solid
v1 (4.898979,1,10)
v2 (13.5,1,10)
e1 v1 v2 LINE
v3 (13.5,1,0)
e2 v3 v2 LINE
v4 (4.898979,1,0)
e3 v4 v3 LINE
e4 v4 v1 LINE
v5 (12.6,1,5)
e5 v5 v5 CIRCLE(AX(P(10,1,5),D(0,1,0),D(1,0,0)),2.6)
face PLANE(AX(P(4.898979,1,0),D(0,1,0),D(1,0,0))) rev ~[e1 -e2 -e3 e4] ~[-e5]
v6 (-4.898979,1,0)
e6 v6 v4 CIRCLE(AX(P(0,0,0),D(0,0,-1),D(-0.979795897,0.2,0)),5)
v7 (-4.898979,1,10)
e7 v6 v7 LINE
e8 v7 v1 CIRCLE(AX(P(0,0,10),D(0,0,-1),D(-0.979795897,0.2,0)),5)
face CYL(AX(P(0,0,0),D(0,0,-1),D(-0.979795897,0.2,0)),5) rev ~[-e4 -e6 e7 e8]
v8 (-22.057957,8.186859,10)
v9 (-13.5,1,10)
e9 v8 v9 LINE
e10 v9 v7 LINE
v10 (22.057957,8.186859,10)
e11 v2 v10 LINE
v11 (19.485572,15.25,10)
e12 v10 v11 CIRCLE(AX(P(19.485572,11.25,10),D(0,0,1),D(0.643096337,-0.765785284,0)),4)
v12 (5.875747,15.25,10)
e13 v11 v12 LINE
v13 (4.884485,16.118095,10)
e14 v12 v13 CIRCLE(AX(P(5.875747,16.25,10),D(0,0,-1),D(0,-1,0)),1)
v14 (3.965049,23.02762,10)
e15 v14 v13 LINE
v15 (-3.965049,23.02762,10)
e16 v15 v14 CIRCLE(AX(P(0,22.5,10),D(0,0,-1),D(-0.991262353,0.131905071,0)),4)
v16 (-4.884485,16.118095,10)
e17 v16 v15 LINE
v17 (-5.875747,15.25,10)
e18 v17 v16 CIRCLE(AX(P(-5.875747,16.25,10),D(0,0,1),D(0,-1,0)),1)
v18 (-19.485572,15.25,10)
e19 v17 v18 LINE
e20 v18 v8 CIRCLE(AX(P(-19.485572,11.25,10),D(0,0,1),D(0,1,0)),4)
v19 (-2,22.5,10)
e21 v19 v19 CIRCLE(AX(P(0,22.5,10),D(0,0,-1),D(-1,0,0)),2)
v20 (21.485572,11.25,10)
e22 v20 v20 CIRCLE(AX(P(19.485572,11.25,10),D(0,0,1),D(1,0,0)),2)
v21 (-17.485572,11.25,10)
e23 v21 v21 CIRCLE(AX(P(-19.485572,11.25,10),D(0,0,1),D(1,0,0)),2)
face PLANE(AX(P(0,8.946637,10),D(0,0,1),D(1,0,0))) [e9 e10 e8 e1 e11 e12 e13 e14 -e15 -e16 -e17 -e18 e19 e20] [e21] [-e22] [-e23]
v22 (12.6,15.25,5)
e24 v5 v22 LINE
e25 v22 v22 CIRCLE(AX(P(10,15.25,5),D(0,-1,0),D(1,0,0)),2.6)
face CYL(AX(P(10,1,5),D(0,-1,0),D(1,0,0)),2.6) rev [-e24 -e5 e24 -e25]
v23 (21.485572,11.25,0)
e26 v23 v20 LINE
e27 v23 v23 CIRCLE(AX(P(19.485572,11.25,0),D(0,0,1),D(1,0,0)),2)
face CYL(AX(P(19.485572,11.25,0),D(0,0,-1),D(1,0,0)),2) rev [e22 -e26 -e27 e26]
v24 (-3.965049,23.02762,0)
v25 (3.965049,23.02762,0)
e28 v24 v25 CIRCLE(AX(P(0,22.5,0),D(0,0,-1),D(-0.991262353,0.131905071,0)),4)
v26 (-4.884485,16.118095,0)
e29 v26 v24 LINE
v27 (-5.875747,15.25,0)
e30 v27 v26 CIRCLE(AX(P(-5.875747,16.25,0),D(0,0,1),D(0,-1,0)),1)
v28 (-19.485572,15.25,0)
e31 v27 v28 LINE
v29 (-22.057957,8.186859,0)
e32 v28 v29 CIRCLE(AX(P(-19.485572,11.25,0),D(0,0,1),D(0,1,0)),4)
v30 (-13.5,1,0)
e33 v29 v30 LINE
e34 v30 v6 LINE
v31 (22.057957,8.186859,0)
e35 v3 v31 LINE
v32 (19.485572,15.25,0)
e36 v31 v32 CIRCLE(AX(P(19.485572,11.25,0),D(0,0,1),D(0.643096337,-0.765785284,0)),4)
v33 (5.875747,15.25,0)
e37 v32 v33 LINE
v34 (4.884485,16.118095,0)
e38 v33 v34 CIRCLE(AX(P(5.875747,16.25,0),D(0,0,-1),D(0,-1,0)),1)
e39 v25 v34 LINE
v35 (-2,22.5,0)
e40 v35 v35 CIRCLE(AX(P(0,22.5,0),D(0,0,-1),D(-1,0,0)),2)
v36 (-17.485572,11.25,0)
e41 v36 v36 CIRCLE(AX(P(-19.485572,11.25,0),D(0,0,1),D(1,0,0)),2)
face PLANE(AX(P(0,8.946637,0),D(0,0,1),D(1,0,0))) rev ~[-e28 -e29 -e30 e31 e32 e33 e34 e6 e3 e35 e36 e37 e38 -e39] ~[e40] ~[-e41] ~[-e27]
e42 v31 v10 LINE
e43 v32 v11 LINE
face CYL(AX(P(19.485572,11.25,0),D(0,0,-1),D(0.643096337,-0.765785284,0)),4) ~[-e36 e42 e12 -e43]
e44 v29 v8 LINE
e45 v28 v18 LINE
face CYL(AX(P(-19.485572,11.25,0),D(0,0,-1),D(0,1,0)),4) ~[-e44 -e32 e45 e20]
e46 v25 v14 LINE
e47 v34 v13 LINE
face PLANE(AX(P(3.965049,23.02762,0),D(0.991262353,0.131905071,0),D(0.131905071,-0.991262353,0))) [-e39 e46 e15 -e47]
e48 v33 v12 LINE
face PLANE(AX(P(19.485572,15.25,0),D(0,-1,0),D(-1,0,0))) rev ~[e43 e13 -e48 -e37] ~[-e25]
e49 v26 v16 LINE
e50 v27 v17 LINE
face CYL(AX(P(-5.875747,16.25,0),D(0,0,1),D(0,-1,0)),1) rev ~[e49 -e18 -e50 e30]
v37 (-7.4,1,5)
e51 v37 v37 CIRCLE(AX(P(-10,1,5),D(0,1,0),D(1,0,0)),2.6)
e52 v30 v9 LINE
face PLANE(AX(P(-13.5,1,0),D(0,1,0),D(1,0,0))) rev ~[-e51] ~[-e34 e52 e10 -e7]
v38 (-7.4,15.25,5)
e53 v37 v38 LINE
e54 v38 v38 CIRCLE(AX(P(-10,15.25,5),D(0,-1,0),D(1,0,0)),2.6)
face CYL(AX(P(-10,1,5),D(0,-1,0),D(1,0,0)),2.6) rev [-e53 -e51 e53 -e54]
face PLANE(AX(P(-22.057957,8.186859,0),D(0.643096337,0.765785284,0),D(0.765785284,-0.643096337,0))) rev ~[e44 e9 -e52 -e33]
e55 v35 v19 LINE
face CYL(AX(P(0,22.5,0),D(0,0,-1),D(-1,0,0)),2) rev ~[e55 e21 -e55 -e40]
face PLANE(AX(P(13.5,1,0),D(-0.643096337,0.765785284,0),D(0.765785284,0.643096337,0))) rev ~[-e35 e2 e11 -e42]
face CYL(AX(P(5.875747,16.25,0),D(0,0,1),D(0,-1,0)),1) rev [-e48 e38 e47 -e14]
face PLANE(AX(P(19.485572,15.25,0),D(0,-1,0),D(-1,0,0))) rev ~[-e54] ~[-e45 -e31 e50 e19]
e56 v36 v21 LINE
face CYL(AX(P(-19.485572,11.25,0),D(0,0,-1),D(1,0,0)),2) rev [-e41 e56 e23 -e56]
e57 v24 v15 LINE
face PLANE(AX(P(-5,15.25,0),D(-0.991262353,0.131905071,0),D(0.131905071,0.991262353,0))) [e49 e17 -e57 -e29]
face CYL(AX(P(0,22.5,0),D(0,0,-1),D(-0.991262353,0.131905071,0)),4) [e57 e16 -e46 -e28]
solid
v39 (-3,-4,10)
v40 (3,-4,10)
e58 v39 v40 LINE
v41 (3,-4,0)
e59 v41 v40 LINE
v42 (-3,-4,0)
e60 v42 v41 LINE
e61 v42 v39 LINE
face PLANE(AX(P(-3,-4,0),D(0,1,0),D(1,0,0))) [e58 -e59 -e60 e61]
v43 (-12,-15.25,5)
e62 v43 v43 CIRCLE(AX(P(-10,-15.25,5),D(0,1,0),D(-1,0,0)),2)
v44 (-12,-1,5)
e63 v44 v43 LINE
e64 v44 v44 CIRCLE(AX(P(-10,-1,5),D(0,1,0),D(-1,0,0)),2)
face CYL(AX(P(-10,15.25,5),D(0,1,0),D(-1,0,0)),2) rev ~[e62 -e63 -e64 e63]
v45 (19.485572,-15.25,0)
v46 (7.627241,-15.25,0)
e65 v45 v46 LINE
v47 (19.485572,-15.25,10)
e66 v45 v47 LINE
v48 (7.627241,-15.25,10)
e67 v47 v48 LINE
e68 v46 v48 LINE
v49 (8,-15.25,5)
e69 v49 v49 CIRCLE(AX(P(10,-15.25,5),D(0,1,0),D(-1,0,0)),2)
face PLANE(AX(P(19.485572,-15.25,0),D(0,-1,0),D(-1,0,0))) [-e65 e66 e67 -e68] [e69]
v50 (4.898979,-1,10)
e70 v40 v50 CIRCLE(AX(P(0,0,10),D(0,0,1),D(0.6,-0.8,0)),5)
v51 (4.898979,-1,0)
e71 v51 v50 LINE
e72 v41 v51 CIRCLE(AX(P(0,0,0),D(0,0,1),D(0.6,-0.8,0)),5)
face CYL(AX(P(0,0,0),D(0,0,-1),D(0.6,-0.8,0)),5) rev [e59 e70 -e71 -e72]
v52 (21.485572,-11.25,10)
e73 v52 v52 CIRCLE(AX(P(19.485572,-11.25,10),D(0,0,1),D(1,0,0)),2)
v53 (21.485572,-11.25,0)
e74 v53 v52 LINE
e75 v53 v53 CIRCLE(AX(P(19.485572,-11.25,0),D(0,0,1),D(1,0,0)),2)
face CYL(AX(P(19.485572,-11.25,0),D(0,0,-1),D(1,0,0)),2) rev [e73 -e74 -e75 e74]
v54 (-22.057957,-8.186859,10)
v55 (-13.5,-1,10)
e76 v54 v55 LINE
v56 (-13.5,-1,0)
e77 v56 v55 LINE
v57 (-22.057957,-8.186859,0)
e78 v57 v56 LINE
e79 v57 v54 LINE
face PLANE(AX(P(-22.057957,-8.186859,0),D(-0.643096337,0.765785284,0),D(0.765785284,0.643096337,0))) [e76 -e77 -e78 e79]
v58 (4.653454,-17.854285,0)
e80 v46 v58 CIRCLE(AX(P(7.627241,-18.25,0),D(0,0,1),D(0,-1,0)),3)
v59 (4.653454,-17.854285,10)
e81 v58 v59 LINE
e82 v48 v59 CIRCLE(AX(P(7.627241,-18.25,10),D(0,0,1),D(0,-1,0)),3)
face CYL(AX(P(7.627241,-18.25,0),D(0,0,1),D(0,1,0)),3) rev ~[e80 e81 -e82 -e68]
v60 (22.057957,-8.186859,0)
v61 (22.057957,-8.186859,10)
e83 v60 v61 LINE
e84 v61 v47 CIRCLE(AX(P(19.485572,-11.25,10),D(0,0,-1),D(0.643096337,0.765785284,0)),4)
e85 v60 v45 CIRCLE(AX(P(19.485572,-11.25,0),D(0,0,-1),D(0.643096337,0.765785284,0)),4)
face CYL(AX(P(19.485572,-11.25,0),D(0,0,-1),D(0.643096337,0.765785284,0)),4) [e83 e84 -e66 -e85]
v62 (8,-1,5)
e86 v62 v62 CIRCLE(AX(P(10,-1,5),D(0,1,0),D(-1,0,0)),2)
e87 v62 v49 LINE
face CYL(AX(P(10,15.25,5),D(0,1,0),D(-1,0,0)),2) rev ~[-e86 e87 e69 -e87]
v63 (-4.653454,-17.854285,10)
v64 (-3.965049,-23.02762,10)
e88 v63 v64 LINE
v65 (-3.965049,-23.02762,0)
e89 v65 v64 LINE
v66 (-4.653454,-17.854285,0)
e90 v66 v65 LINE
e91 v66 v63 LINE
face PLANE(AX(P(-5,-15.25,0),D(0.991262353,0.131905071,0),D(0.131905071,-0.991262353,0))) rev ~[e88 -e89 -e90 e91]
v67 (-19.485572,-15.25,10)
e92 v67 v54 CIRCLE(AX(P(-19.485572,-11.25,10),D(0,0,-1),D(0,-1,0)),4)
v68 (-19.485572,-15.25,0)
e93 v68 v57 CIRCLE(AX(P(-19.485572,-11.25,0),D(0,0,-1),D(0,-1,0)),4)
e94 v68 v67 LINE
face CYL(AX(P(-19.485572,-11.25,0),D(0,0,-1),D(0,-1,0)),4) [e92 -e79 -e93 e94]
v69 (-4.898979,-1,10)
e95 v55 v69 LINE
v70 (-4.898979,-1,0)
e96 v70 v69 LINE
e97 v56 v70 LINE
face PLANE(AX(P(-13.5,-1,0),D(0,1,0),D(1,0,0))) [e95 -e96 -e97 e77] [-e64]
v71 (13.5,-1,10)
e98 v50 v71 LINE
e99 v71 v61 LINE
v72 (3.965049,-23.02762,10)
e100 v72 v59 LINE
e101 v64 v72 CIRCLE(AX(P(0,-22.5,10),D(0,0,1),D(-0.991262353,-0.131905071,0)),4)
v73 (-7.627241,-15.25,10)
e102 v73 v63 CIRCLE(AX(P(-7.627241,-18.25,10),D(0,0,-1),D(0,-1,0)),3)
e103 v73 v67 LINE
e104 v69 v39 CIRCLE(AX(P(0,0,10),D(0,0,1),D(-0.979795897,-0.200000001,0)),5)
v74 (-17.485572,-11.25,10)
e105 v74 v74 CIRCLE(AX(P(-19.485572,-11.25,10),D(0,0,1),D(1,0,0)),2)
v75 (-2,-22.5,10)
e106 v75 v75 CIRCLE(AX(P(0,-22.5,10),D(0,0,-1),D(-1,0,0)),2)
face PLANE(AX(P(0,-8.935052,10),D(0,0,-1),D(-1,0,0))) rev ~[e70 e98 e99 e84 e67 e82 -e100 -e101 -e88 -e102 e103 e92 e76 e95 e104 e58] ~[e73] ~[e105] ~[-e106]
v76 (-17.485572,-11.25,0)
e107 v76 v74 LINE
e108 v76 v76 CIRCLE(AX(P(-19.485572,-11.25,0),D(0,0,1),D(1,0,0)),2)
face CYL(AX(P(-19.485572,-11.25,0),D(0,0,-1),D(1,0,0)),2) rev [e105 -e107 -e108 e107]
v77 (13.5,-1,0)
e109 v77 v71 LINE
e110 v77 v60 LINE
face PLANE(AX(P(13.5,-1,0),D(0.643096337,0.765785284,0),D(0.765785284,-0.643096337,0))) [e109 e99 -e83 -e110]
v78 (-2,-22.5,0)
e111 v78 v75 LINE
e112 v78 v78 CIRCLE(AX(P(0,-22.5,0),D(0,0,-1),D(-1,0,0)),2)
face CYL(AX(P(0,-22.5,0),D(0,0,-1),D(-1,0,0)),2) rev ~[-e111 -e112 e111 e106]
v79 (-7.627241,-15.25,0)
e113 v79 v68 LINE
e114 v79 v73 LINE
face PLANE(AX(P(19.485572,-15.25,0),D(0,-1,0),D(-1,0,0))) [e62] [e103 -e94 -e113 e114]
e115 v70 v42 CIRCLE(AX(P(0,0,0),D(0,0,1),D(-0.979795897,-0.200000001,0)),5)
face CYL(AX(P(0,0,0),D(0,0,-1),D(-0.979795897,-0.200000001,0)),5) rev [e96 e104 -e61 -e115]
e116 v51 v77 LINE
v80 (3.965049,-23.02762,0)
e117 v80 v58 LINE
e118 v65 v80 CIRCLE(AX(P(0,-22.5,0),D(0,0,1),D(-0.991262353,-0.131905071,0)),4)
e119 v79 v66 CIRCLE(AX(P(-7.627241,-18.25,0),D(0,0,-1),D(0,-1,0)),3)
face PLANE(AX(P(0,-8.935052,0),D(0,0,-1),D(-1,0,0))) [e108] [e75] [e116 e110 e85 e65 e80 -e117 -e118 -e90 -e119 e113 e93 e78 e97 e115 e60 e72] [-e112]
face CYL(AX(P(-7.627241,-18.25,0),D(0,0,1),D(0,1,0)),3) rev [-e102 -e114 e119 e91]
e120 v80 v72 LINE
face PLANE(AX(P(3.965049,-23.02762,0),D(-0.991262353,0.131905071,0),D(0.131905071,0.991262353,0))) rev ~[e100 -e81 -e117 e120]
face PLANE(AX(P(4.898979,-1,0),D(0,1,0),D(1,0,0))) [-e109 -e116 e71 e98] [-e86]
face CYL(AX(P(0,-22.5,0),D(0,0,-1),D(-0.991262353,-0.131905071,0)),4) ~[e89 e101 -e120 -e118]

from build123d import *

# Parameters (mm, degrees)
SKETCH_1_R               = 2
EXTRUDE_1_DEPTH          = 10
EXTRUDE_1_2_DEPTH        = 10
CUT_EXTRUDE_2_DEPTH      = 40.772126831
CUT_EXTRUDE_2_DEPTH_BACK = 14.25
SKETCH_3_R               = 2.6
SKETCH_4_R               = 2
CUT_EXTRUDE_3_DEPTH      = 40.772126831
SKETCH_5_R               = 2
EXTRUDE_2_DEPTH          = 10
FILLET_1_R               = 3
FILLET_2_R               = 1


with BuildPart() as part:
    # 草图1 → 凸台-拉伸1 (new body)
    with BuildSketch(Plane.XY):
        with BuildLine():
            Line((-3, -4), (3, -4))
            ThreePointArc((3, -4), (4.224744871, -2.674234614), (4.898979486, -1))
            Line((4.898979486, -1), (13.5, -1))
            Line((13.5, -1), (22.057956933, -8.186858864))
            ThreePointArc((22.057956933, -8.186858864), (23.244066267, -12.618838094), (19.485571585, -15.25))
            Line((19.485571585, -15.25), (-19.485571585, -15.25))
            ThreePointArc((-19.485571585, -15.25), (-23.244066267, -12.618838094), (-22.057956933, -8.186858864))
            Line((-22.057956933, -8.186858864), (-13.5, -1))
            Line((-13.5, -1), (-4.898979486, -1))
            ThreePointArc((-4.898979486, -1), (-4.224744871, -2.674234614), (-3, -4))
        make_face()
        with Locations((19.485571585, -11.25)):
            Circle(SKETCH_1_R, mode=Mode.SUBTRACT)
        with Locations((-19.485571585, -11.25)):
            Circle(SKETCH_1_R, mode=Mode.SUBTRACT)
    extrude(amount=EXTRUDE_1_DEPTH)

    # 草图4 → 切除-拉伸3 (cut, through all)
    with BuildSketch(Plane(origin=(0, 15.25, 0), x_dir=(1, 0, 0), z_dir=(0, 1, 0))):
        with Locations(Location((10, -5, 0), (0, 0, 180))):
            Circle(SKETCH_4_R)
        with Locations(Location((-10, -5, 0), (0, 0, 180))):
            Circle(SKETCH_4_R)
    extrude(amount=-CUT_EXTRUDE_3_DEPTH, mode=Mode.SUBTRACT)



with BuildPart() as body_2:
    # 草图1 → Extrude 1 2 (new body)
    with BuildSketch(Plane.XY):
        with BuildLine():
            Line((-13.5, 1), (-4.898979486, 1))
            ThreePointArc((-4.898979486, 1), (0, 5), (4.898979486, 1))
            Line((4.898979486, 1), (13.5, 1))
            Line((13.5, 1), (22.057956933, 8.186858864))
            ThreePointArc((22.057956933, 8.186858864), (23.244066267, 12.618838094), (19.485571585, 15.25))
            Line((19.485571585, 15.25), (-19.485571585, 15.25))
            ThreePointArc((-19.485571585, 15.25), (-23.244066267, 12.618838094), (-22.057956933, 8.186858864))
            Line((-22.057956933, 8.186858864), (-13.5, 1))
        make_face()
        with Locations((19.485571585, 11.25)):
            Circle(SKETCH_1_R, mode=Mode.SUBTRACT)
        with Locations((-19.485571585, 11.25)):
            Circle(SKETCH_1_R, mode=Mode.SUBTRACT)
    extrude(amount=EXTRUDE_1_2_DEPTH)

    # 草图3 → 切除-拉伸2 (cut, two sides: drawn at the far end of the back side and taken through both)
    with BuildSketch(Plane(origin=(0, 15.25, 0), x_dir=(1, 0, 0), z_dir=(0, 1, 0)).offset(-CUT_EXTRUDE_2_DEPTH_BACK)):
        with Locations((10, -5)):
            Circle(SKETCH_3_R)
        with Locations((-10, -5)):
            Circle(SKETCH_3_R)
    extrude(amount=CUT_EXTRUDE_2_DEPTH + CUT_EXTRUDE_2_DEPTH_BACK, mode=Mode.SUBTRACT)


with BuildPart() as part_1:
    add(part.part)

    add(body_2.part)  # 凸台-拉伸2 merges body 2
    # 草图5 → 凸台-拉伸2 (add)
    # profile 1 of 2: a face of its own
    with BuildSketch(Plane(origin=(0, 0, 0), x_dir=(-1, 0, 0), z_dir=(0, 0, -1))):
        with BuildLine():
            Line((-3.965049412, -23.027620284), (-5, -15.25))
            Line((-5, -15.25), (5, -15.25))
            Line((5, -15.25), (3.965049412, -23.027620284))
            ThreePointArc((3.965049412, -23.027620284), (0, -26.5), (-3.965049412, -23.027620284))
        make_face()
        with Locations((0, -22.5)):
            Circle(SKETCH_5_R, mode=Mode.SUBTRACT)
    # profile 2 of 2: a face of its own
    with BuildSketch(Plane(origin=(0, 0, 0), x_dir=(-1, 0, 0), z_dir=(0, 0, -1))):
        with BuildLine():
            Line((5, 15.25), (3.965049412, 23.027620284))
            ThreePointArc((3.965049412, 23.027620284), (0, 26.5), (-3.965049412, 23.027620284))
            Line((-3.965049412, 23.027620284), (-5, 15.25))
            Line((-5, 15.25), (5, 15.25))
        make_face()
        with Locations((0, 22.5)):
            Circle(SKETCH_5_R, mode=Mode.SUBTRACT)
    extrude(amount=-EXTRUDE_2_DEPTH)

    # 圆角1
    fillet_1_edges = [part_1.edges().sort_by_distance(p)[0] for p in [
        (-5, -15.25, 5),
        (5, -15.25, 5),
    ]]
    fillet(fillet_1_edges, radius=FILLET_1_R)

    # 圆角2
    fillet_2_edges = [part_1.edges().sort_by_distance(p)[0] for p in [
        (5, 15.25, 5),
        (-5, 15.25, 5),
    ]]
    fillet(fillet_2_edges, radius=FILLET_2_R)


solid = part_1.part
